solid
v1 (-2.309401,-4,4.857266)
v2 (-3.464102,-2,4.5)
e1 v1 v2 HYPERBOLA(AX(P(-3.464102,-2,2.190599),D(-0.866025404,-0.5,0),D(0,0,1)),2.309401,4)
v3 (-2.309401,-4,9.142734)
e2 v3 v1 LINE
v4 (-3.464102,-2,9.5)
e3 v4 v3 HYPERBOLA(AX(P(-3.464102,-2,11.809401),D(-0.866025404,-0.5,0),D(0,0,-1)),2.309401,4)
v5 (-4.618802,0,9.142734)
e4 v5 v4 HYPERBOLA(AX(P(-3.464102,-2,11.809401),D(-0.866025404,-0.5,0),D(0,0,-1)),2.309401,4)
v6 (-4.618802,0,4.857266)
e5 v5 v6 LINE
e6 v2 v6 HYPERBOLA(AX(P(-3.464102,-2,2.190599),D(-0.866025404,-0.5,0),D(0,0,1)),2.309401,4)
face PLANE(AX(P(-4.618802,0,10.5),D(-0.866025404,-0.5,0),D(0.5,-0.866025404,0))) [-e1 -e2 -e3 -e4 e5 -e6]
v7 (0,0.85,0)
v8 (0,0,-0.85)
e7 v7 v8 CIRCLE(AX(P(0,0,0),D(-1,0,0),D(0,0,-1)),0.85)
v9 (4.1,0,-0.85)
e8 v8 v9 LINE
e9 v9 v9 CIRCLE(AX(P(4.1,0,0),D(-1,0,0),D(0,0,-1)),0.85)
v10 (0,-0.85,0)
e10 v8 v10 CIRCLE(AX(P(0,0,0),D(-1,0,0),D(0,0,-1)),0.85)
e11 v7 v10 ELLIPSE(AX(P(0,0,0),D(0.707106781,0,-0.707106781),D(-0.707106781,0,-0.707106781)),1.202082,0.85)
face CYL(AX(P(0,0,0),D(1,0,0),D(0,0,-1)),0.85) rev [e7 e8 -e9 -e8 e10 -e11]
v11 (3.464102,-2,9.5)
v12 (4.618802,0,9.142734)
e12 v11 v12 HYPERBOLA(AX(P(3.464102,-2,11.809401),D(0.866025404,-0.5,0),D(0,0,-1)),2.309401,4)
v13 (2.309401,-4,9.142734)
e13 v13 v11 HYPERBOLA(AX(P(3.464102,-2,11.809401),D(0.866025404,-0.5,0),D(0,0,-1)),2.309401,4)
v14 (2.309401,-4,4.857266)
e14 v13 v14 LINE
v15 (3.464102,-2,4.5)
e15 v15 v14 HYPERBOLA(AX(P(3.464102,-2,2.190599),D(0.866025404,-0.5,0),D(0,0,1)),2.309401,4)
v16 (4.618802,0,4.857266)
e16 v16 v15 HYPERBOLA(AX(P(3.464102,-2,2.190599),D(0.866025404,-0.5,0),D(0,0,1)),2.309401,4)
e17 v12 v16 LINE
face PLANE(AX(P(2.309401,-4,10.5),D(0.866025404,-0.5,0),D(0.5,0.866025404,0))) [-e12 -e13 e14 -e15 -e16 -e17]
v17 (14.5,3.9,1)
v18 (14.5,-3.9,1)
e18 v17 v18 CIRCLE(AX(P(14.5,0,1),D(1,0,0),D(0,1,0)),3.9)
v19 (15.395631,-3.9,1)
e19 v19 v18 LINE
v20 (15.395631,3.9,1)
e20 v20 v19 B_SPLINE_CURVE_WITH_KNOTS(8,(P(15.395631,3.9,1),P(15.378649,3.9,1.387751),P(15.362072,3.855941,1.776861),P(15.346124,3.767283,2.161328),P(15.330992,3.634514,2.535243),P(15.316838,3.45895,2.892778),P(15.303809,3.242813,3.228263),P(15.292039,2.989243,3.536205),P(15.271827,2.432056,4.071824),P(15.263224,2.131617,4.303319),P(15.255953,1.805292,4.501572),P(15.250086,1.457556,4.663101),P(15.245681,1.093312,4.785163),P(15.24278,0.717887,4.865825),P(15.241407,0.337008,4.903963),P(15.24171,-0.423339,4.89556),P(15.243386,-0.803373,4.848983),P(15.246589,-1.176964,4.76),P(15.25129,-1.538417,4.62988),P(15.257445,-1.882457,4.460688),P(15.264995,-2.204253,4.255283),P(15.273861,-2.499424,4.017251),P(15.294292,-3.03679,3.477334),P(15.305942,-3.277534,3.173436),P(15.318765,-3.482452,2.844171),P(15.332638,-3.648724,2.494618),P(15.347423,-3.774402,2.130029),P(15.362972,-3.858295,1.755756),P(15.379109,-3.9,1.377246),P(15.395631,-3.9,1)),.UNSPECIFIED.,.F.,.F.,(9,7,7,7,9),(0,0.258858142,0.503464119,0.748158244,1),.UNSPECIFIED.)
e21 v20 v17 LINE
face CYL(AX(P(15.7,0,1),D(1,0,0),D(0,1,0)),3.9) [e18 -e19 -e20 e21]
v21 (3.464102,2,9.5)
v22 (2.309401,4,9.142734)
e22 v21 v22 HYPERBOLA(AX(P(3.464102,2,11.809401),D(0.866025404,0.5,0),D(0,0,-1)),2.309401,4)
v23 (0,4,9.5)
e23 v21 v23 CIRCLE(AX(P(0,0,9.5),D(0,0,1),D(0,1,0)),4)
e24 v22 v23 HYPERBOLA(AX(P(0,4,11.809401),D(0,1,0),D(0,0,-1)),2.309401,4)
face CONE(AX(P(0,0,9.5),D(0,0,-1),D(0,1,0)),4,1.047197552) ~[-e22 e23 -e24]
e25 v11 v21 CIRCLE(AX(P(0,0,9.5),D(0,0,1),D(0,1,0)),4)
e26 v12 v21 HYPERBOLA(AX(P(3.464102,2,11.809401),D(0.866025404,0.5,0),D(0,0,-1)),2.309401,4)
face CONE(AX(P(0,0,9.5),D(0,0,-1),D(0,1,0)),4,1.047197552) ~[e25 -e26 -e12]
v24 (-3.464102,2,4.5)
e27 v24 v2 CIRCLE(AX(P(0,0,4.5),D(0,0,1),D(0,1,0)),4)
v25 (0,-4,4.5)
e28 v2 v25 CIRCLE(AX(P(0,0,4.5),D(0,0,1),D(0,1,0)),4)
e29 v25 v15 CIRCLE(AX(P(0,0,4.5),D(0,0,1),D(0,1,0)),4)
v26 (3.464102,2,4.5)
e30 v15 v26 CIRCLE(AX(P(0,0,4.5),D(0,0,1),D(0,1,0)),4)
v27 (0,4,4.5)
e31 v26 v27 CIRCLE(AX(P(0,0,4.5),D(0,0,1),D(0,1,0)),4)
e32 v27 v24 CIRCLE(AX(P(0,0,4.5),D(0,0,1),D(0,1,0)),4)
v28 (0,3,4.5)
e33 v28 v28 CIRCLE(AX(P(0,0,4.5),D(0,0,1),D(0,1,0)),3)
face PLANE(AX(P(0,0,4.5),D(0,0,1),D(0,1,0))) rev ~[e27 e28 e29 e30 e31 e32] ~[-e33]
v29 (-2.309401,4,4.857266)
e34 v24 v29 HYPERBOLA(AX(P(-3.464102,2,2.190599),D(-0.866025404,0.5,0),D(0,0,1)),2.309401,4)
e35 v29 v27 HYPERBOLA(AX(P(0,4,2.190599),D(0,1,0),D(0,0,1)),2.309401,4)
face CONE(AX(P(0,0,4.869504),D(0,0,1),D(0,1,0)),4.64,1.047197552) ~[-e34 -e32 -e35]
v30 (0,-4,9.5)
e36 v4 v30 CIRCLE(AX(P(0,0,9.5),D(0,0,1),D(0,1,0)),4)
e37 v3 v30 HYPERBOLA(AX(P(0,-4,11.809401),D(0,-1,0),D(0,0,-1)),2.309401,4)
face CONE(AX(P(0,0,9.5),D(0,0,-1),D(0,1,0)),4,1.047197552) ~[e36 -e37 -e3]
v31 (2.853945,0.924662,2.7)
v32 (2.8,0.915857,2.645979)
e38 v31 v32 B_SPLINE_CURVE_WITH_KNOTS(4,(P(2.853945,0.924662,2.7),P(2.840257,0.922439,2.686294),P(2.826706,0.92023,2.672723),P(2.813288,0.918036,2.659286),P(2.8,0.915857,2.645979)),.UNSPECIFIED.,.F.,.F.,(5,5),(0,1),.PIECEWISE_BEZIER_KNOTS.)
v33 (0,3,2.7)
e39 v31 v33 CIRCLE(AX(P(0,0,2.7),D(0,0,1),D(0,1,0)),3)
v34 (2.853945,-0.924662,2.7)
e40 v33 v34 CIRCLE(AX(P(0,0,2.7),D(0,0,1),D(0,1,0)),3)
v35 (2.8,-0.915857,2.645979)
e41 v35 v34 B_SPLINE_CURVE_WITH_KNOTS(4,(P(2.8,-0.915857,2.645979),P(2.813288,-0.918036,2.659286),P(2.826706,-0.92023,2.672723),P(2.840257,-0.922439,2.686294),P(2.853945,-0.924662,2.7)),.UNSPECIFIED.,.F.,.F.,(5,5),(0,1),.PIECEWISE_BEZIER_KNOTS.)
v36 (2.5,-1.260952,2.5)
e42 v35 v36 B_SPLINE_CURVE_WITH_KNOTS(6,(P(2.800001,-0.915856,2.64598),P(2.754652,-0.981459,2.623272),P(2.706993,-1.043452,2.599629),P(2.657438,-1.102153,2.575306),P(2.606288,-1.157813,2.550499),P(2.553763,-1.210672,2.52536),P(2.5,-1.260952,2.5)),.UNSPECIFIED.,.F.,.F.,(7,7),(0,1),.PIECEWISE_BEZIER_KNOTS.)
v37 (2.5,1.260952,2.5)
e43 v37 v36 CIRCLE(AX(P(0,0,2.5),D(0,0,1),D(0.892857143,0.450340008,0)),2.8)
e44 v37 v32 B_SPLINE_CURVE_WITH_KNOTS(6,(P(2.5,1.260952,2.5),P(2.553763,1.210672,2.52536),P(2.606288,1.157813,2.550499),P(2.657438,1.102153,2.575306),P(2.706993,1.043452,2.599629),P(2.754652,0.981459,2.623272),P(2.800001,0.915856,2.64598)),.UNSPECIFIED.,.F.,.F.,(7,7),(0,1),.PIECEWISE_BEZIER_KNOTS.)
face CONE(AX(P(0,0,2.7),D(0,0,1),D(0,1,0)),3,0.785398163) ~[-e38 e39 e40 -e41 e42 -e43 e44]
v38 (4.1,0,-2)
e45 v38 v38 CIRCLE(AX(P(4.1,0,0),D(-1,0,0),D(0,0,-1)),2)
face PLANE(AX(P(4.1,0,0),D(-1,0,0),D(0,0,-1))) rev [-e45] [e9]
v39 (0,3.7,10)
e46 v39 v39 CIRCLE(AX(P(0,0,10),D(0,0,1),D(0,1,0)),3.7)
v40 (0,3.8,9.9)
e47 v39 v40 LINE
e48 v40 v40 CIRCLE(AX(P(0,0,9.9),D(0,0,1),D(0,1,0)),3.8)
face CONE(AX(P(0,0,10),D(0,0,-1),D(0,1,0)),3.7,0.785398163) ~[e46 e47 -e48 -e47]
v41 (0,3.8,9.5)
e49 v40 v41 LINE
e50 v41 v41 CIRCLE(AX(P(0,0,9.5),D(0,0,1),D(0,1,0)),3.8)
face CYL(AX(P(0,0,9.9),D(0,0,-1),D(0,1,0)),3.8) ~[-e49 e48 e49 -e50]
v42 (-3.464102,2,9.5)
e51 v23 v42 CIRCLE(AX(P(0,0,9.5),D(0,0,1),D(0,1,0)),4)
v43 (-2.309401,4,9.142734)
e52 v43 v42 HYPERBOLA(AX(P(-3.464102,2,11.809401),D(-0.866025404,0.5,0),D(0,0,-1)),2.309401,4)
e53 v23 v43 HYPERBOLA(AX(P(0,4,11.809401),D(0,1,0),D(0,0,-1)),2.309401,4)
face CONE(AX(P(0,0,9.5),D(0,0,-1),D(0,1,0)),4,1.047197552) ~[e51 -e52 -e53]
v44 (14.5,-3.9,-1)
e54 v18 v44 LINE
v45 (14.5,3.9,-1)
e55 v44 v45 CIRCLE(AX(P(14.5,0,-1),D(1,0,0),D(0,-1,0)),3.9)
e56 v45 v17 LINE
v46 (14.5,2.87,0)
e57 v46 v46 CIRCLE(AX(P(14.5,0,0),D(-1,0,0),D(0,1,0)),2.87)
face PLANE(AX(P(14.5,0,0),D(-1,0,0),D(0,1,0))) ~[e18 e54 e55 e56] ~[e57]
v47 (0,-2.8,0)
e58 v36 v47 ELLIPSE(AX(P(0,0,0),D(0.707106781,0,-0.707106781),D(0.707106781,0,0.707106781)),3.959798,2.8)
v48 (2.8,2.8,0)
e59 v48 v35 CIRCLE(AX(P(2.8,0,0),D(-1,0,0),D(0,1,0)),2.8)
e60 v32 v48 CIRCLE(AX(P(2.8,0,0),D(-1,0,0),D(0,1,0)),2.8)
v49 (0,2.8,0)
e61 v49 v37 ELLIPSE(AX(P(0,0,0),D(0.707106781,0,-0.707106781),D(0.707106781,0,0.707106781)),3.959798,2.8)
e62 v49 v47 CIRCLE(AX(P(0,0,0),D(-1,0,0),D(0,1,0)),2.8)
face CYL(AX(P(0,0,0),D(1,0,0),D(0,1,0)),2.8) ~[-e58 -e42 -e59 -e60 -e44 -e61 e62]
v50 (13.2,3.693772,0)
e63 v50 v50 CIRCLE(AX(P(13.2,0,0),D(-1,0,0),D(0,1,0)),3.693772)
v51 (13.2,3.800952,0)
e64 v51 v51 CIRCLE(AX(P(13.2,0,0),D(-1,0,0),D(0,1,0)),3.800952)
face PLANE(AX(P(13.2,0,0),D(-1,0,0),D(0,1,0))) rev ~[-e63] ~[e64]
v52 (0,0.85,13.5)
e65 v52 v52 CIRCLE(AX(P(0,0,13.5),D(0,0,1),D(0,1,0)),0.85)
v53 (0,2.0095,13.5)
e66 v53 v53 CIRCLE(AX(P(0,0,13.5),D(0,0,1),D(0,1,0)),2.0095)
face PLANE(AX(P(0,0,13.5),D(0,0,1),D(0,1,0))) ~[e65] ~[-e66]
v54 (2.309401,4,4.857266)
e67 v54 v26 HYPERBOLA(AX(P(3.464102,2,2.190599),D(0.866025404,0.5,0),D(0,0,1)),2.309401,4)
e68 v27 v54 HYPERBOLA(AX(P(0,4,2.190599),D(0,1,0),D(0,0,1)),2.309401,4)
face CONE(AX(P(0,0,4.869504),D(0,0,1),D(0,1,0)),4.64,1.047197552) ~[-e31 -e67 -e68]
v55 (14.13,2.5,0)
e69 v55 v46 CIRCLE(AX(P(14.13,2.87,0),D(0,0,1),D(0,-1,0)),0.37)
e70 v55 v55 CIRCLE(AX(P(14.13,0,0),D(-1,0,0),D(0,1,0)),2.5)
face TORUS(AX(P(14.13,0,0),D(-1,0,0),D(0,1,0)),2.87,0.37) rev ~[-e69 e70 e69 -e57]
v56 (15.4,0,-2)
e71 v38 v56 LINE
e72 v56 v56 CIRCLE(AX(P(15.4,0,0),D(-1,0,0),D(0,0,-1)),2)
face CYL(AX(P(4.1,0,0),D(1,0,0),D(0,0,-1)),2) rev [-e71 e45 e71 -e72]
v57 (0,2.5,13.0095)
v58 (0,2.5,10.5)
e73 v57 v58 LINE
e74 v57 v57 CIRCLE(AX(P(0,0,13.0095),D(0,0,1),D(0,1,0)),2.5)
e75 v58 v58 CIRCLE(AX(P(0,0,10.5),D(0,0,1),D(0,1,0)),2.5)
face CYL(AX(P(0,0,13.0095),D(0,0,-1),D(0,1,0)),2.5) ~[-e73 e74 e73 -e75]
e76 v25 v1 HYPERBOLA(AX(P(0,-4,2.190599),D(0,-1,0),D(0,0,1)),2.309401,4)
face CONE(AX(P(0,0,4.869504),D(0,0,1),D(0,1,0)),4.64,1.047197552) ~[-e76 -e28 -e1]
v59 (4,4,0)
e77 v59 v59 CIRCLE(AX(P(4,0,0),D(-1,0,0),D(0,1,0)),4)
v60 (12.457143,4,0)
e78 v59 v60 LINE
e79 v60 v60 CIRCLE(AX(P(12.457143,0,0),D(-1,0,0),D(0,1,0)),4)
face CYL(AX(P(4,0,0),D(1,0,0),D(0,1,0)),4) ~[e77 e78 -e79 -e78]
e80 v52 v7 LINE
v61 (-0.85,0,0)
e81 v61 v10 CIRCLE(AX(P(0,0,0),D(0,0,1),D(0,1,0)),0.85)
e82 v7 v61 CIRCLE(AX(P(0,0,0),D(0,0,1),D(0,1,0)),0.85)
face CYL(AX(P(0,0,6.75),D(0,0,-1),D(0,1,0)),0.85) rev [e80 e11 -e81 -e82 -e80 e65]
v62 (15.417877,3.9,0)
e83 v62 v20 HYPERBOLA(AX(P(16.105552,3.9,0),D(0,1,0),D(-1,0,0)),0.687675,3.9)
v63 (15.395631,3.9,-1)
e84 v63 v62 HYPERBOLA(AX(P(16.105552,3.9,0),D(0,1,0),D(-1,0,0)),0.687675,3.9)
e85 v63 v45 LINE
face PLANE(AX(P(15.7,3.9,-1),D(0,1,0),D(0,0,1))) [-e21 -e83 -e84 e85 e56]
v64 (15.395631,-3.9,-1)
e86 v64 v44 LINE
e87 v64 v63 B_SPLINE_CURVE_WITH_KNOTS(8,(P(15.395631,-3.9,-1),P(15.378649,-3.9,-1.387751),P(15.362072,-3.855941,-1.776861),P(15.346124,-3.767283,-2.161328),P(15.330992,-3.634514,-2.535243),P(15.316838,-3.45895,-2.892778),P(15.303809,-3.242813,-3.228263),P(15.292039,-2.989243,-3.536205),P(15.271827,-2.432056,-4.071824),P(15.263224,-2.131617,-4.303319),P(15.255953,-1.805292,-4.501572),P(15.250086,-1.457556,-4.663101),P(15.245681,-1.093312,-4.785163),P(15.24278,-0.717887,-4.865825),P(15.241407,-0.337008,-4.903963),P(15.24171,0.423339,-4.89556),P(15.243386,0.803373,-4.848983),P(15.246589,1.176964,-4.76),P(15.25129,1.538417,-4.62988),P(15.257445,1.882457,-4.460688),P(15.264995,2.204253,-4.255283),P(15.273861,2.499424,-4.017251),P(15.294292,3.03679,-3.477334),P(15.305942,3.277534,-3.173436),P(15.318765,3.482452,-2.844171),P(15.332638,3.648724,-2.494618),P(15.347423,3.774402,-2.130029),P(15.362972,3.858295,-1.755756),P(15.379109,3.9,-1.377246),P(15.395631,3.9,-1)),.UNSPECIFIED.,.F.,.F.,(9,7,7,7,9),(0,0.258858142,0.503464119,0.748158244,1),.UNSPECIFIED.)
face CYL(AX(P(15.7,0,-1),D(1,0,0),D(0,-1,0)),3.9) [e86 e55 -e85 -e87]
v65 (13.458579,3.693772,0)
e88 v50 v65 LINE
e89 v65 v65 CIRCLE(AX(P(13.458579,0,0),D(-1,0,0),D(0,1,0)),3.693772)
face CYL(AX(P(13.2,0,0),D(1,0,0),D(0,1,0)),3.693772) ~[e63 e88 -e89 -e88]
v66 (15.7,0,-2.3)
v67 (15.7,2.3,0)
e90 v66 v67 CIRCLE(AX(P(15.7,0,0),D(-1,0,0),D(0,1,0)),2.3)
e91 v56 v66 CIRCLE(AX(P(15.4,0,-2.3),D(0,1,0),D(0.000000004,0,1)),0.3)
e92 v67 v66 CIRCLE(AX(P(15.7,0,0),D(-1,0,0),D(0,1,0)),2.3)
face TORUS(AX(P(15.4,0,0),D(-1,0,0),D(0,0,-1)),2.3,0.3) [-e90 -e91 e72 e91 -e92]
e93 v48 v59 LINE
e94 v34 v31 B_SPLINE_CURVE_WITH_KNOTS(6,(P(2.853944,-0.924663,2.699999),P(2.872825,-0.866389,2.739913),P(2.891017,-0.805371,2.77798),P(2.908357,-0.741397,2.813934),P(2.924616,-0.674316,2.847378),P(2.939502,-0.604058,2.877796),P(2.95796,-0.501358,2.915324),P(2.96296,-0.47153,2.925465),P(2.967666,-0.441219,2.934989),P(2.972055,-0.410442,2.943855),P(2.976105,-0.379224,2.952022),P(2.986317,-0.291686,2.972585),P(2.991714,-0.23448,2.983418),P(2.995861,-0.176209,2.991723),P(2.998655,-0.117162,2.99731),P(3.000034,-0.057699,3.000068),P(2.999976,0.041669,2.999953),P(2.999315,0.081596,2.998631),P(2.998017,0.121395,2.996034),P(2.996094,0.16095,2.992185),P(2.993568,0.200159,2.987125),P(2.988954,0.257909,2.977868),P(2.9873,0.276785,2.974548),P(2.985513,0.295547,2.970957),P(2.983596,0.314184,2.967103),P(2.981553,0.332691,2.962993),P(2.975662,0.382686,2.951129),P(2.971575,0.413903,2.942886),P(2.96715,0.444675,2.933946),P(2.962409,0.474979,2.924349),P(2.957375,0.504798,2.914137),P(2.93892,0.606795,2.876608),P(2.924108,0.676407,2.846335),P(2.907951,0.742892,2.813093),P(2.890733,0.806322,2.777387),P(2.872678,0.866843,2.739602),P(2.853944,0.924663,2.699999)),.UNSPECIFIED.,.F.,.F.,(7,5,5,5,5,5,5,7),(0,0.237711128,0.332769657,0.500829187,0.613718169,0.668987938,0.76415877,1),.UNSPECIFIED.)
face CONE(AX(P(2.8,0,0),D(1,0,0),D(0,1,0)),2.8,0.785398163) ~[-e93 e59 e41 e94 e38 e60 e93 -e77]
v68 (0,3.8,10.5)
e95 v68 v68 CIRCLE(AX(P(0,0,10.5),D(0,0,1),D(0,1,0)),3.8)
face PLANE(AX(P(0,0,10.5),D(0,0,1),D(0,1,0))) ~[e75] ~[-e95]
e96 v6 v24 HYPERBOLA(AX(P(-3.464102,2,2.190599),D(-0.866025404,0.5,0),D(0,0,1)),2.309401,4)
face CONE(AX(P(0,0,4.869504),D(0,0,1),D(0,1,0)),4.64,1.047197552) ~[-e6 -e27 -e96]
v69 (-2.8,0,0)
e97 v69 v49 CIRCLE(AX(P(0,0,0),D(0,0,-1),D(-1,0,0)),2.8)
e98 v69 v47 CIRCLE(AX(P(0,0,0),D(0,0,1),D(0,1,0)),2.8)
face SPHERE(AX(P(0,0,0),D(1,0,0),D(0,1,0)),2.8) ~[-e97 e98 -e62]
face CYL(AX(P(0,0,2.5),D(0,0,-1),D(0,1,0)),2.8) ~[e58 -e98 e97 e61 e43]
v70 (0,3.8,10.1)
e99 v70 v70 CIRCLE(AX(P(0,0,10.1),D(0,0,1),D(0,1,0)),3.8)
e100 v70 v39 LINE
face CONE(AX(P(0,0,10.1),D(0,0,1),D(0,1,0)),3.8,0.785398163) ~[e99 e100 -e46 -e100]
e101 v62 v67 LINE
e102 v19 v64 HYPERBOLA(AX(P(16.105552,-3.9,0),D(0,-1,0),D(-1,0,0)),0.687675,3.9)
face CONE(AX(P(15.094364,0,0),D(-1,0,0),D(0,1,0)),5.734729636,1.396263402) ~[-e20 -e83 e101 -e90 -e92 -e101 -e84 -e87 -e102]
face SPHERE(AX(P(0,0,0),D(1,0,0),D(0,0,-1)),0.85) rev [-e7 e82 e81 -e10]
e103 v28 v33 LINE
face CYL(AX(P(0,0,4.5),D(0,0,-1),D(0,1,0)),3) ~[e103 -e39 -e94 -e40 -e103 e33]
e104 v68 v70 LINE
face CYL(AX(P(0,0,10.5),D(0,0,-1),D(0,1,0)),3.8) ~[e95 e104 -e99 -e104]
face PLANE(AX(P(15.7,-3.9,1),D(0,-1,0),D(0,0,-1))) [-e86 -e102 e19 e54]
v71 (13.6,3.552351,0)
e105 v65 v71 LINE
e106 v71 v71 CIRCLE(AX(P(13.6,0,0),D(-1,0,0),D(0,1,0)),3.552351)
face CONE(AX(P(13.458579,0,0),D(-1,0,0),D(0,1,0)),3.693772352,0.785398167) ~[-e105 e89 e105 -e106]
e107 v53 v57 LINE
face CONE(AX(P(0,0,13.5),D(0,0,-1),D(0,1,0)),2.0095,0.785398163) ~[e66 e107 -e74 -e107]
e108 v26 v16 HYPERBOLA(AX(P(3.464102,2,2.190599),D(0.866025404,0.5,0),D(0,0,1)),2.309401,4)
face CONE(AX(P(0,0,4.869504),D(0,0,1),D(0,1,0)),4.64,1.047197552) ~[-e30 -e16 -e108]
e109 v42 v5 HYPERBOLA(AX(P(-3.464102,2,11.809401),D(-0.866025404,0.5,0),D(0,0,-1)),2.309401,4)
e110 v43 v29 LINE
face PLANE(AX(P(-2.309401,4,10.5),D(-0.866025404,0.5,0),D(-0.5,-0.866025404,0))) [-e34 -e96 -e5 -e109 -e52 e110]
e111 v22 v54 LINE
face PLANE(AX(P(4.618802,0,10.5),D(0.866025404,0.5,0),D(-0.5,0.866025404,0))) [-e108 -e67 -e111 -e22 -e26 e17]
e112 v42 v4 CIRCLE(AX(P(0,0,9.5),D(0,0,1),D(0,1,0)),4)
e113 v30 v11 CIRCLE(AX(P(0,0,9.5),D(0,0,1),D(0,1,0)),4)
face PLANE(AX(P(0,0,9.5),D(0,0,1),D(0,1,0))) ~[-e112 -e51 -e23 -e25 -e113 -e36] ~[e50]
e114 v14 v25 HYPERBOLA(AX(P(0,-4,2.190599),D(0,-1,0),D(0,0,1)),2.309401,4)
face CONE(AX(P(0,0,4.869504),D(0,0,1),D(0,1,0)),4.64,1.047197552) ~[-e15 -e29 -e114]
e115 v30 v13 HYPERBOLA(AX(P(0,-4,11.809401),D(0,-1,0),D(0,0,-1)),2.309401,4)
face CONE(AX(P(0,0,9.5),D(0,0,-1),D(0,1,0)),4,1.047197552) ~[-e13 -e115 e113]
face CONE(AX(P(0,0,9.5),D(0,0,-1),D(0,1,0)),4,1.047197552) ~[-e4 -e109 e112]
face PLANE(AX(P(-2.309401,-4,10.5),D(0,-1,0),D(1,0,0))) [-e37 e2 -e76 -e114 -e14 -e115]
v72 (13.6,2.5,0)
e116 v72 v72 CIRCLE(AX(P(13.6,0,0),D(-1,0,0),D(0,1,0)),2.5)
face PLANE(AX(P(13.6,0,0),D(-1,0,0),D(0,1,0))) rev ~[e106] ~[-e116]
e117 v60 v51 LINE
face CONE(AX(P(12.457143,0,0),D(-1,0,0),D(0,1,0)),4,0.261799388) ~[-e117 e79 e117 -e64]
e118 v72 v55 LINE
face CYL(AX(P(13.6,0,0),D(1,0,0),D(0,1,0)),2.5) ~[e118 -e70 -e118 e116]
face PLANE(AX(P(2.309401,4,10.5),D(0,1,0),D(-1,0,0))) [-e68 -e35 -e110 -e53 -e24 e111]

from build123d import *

# Parameters (mm, degrees)
CUT_EXTRUDE1_DEPTH = 1.2
SKETCH6_W          = 13.5
SKETCH6_H          = 0.85
SKETCH7_W          = 16
SKETCH7_H          = 16
CUT_EXTRUDE2_DEPTH = 6.055555556


with BuildPart() as part:
    # Sketch1 → Revolve1 (revolve)
    with BuildSketch(Plane.XY):
        with BuildLine():
            Line((0, 2.8), (2.8, 2.8))
            Line((2.8, 2.8), (4, 4))
            Line((4, 4), (12.457142857, 4))
            Line((12.457142857, 4), (13.2, 3.800952028))
            Line((13.2, 3.800952028), (13.2, 3.693772352))
            Line((13.2, 3.693772352), (13.458578644, 3.693772352))
            Line((13.458578644, 3.693772352), (13.6, 3.552350995))
            Line((13.6, 3.552350995), (13.6, 2.5))
            Line((13.6, 2.5), (14.13, 2.5))
            ThreePointArc((14.13, 2.5), (14.391629509, 2.608370491), (14.5, 2.87))
            Line((14.5, 2.87), (14.5, 5.9))
            Line((14.5, 5.9), (14.897402943, 5.9))
            ThreePointArc((14.897402943, 5.9), (15.025960465, 5.853208889), (15.094364494, 5.734729636))
            Line((15.094364494, 5.734729636), (15.7, 2.3))
            Line((15.7, 2.3), (15.7, 0))
            Line((15.7, 0), (-2.8, 0))
            ThreePointArc((-2.8, 0), (-1.979898987, 1.979898987), (0, 2.8))
        make_face()
    revolve(axis=Axis((15.7, 0, 0), (-1, 0, 0)))

    # Sketch2 → Revolve2 (revolve)
    with BuildSketch(Plane(origin=(0, 0, 0), x_dir=(0, 0, -1), z_dir=(1, 0, 0))):
        Polygon((-10.5, 0), (-10.5, 3.8), (-10.1, 3.8), (-10, 3.7), (-9.9, 3.8), (-9.5, 3.8), (-9.5, 4), (-9.130495828, 4.64), (-4.869504172, 4.64), (-4.5, 4), (-4.5, 3), (-2.7, 3), (-2.5, 2.8), (0, 2.8), (0, 0), align=None)
    revolve(axis=Axis((0, 0, 0), (0, 0, 1)))

    # Sketch3 → Revolve3 (revolve)
    with BuildSketch(Plane(origin=(0, 0, 0), x_dir=(0, 0, -1), z_dir=(1, 0, 0))):
        Polygon((-13.5, 0), (-13.5, 2.0095), (-13.0095, 2.5), (-10.5, 2.5), (-10.5, 0), align=None)
    revolve(axis=Axis((0, 0, 10.5), (0, 0, 1)))

    # Sketch4 → Cut-Extrude1 (cut)
    with BuildSketch(Plane(origin=(15.7, 0, 0), x_dir=(0, 0, -1), z_dir=(1, 0, 0))):
        Polygon((-9.8, -5.658032638), (0, -11.316065276), (9.8, -5.658032638), (9.8, 5.658032638), (0, 11.316065276), (-9.8, 5.658032638), align=None)
        with BuildLine():
            Line((-1, -3.9), (1, -3.9))
            ThreePointArc((1, -3.9), (4.9, 0), (1, 3.9))
            Line((1, 3.9), (-1, 3.9))
            ThreePointArc((-1, 3.9), (-4.9, 0), (-1, -3.9))
        make_face(mode=Mode.SUBTRACT)
    extrude(amount=-CUT_EXTRUDE1_DEPTH, mode=Mode.SUBTRACT)

    # Sketch6 → Cut-Revolve1 (revolve, cut)
    with BuildSketch(Plane(origin=(0, 0, 0), x_dir=(0, 0, -1), z_dir=(1, 0, 0))):
        with Locations((-6.75, 0.425)):
            Rectangle(SKETCH6_W, SKETCH6_H)
    revolve(axis=Axis((0, 0, 0), (0, 0, 1)), mode=Mode.SUBTRACT)

    # Sketch5 → Cut-Revolve2 (revolve, cut)
    with BuildSketch(Plane(origin=(0, 0, 0), x_dir=(1, 0, 0), z_dir=(0, 1, 0))):
        with BuildLine():
            Line((0, 0.85), (4.1, 0.85))
            Line((4.1, 0.85), (4.1, 2))
            Line((4.1, 2), (15.4, 2))
            ThreePointArc((15.4, 2), (15.612132034, 2.087867966), (15.7, 2.3))
            Line((15.7, 2.3), (15.7, 0))
            Line((15.7, 0), (-0.85, 0))
            ThreePointArc((-0.85, 0), (-0.601040764, 0.601040764), (0, 0.85))
        make_face()
    revolve(axis=Axis((15.7, 0, 0), (-1, 0, 0)), mode=Mode.SUBTRACT)

    # Sketch7 → Cut-Extrude2 (cut)
    with BuildSketch(Plane.XY.offset(10.5)):
        Rectangle(SKETCH7_W, SKETCH7_H)
        Polygon((-4.618802154, 0), (-2.309401077, -4), (2.309401077, -4), (4.618802154, 0), (2.309401077, 4), (-2.309401077, 4), align=None, mode=Mode.SUBTRACT)
    extrude(amount=-CUT_EXTRUDE2_DEPTH, mode=Mode.SUBTRACT)


solid = part.part
